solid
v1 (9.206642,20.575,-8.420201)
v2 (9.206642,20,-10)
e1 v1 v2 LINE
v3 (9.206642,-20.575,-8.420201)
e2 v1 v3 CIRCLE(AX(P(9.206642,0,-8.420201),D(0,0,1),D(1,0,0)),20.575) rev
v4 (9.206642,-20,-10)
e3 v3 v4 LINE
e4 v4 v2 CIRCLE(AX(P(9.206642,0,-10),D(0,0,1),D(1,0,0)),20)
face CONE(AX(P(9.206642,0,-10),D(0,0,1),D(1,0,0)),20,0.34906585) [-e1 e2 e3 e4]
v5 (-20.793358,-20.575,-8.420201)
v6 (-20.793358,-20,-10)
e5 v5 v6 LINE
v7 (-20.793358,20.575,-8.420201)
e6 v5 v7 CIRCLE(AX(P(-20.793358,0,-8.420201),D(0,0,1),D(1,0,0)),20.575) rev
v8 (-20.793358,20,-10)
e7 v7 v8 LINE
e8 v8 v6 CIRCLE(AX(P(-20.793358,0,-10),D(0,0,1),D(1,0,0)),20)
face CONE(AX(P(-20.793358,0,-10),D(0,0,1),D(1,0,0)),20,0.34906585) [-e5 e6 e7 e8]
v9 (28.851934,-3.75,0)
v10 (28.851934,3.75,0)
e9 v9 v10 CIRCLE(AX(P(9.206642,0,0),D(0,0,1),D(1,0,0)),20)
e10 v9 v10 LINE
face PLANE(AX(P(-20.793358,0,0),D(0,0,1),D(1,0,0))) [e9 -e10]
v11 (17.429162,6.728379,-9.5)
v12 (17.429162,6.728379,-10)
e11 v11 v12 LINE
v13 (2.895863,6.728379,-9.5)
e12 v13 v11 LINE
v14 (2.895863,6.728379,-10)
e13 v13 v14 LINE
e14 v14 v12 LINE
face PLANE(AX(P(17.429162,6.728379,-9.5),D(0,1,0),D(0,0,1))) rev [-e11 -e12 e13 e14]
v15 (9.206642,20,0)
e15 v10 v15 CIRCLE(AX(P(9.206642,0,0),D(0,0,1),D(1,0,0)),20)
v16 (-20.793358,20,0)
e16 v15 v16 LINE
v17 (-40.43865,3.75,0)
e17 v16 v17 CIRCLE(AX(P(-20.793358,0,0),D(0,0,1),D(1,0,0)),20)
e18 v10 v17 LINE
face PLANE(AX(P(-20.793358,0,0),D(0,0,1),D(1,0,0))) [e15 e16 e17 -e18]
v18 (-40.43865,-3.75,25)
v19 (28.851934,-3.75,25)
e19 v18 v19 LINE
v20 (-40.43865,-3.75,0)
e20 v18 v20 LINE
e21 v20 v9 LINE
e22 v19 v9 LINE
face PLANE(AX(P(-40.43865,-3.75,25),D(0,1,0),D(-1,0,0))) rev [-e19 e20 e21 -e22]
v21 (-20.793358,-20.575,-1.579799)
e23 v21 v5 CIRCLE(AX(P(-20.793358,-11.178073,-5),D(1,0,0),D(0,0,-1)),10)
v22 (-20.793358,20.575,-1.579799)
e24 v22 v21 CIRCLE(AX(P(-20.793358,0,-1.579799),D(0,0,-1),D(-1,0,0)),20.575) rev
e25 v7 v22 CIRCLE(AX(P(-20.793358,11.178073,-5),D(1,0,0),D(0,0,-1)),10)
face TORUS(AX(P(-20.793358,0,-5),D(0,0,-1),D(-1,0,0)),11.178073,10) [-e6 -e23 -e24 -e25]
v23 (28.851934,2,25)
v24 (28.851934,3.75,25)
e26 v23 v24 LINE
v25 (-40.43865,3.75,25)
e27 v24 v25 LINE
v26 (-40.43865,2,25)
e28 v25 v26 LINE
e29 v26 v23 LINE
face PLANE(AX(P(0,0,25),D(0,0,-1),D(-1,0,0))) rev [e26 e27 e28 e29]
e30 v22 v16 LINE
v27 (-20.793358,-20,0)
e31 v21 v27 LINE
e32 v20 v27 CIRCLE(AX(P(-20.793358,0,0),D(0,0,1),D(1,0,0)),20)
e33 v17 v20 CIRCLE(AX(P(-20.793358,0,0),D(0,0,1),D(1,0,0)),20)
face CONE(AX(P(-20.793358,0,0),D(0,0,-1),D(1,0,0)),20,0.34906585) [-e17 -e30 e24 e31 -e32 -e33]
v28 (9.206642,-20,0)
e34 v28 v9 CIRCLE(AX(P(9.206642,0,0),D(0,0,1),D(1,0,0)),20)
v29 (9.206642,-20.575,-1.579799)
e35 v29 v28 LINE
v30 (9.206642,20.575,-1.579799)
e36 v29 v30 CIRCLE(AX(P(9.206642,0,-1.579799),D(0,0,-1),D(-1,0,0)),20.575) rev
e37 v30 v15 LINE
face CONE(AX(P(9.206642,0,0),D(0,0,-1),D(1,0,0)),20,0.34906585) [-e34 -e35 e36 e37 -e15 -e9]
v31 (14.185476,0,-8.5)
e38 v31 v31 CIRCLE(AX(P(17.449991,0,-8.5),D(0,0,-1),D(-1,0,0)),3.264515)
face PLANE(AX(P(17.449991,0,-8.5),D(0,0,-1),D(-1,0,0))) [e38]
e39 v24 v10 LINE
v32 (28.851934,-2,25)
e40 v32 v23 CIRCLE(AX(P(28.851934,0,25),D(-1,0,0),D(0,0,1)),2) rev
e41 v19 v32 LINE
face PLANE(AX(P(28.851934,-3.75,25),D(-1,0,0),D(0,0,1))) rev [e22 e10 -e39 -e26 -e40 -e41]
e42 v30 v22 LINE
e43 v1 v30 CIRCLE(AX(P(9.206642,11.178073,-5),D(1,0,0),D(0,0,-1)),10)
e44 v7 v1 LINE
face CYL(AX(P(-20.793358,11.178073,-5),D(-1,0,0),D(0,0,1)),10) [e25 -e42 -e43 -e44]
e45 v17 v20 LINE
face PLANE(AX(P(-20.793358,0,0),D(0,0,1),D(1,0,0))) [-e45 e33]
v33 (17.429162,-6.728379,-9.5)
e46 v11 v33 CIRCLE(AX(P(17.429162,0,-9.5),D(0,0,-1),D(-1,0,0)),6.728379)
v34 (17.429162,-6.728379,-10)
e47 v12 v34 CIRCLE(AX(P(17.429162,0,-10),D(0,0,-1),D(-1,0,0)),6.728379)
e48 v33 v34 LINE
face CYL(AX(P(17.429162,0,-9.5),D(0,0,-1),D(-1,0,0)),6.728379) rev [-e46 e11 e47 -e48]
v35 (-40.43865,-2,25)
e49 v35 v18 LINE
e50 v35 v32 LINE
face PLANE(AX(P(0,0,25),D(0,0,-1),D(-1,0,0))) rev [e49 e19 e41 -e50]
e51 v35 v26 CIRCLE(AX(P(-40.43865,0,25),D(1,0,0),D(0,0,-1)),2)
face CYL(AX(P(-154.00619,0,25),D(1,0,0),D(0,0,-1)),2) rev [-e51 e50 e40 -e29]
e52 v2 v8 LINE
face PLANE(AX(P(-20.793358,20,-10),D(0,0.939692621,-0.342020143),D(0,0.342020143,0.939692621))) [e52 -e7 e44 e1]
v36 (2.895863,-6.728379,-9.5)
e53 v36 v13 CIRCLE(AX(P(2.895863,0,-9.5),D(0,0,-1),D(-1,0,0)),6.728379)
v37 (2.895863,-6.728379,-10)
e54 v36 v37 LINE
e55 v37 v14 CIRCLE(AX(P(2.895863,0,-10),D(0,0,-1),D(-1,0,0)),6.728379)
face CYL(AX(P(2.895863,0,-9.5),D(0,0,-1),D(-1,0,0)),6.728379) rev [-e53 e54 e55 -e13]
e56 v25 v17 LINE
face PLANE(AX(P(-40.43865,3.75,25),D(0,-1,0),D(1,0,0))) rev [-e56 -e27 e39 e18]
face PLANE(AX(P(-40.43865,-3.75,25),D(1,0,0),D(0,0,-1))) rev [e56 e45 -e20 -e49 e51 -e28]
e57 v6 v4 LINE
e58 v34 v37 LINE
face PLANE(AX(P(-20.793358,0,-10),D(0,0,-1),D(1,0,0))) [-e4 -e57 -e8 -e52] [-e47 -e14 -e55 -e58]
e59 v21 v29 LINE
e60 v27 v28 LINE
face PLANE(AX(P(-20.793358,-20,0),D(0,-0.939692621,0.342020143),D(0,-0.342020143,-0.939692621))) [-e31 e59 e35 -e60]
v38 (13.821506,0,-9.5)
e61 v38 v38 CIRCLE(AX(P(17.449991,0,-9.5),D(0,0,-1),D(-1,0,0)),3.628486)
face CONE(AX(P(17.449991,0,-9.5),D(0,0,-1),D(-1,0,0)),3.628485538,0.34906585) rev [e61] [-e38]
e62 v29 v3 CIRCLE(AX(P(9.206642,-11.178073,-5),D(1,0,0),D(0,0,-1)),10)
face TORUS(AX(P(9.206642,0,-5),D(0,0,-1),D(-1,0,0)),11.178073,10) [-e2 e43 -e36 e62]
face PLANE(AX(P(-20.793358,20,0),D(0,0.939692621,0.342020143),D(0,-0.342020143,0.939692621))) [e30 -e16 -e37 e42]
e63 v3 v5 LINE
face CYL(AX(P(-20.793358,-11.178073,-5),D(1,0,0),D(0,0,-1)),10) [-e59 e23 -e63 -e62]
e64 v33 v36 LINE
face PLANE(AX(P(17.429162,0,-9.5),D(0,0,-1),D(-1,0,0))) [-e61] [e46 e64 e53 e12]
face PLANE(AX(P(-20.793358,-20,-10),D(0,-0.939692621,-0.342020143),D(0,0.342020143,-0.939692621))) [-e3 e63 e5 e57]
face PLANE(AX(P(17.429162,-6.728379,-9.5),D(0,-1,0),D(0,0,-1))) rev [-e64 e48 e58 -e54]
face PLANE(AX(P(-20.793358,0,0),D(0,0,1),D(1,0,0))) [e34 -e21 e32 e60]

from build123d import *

# Parameters (mm, degrees)
BOSS_EXTRUDE1_DEPTH     = 5
BOSS_EXTRUDE1_DRAFT     = 20
MIRROR1_COPY_1_DEPTH    = 5
MIRROR1_COPY_1_DRAFT    = 20
FILLET1_R               = 10
CUT_EXTRUDE1_DEPTH      = 0.5
SKETCH3_R               = 3.628485538
CUT_EXTRUDE2_DEPTH      = 1
CUT_EXTRUDE2_DRAFT      = -20
SKETCH4_W               = 69.290584113
SKETCH4_H               = 7.5
BOSS_EXTRUDE2_DEPTH     = 25
CUT_EXTRUDE3_DEPTH      = 79.012436871
CUT_EXTRUDE3_DEPTH_BACK = 70


with BuildPart() as part:
    # Sketch1 → Boss-Extrude1 (with draft: the straight prism first)
    with BuildSketch(Plane.XY):
        with BuildLine():
            ThreePointArc((-20.793357934, 20), (-40.793357934, 0), (-20.793357934, -20))
            Line((-20.793357934, -20), (9.206642066, -20))
            ThreePointArc((9.206642066, -20), (29.206642066, 0), (9.206642066, 20))
            Line((9.206642066, 20), (-20.793357934, 20))
        make_face()
    extrude(amount=-BOSS_EXTRUDE1_DEPTH)
    # Boss-Extrude1: the draft: its side faces are tilted about the plane it starts from
    boss_extrude1_sides = [part.faces().sort_by_distance(p)[0] for p in [
        (-5.793357934, -20, -2.5),
        (29.206642066, 0, -2.5),
        (-5.793357934, 20, -2.5),
        (-40.793357934, 0, -2.5),
    ]]
    draft(boss_extrude1_sides, Plane.XY, BOSS_EXTRUDE1_DRAFT)


with BuildPart() as mirror1_copy_1_tool:
    # Mirror1 copy 1 sketch → Mirror1 copy 1 (with draft: the straight prism first)
    with BuildSketch(Plane(origin=(0, 0, -10), x_dir=(1, 0, 0), z_dir=(0, 0, -1))):
        with BuildLine():
            ThreePointArc((-20.793357934, -20), (-40.793357934, 0), (-20.793357934, 20))
            Line((-20.793357934, 20), (9.206642066, 20))
            ThreePointArc((9.206642066, 20), (29.206642066, 0), (9.206642066, -20))
            Line((9.206642066, -20), (-20.793357934, -20))
        make_face()
    extrude(amount=-MIRROR1_COPY_1_DEPTH)
    # Mirror1 copy 1: the draft: its side faces are tilted about the plane it starts from
    mirror1_copy_1_sides = [mirror1_copy_1_tool.faces().sort_by_distance(p)[0] for p in [
        (-5.793357934, -20, -7.5),
        (29.206642066, 0, -7.5),
        (-5.793357934, 20, -7.5),
        (-40.793357934, 0, -7.5),
    ]]
    draft(mirror1_copy_1_sides, Plane(origin=(0, 0, -10), x_dir=(1, 0, 0), z_dir=(0, 0, -1)), MIRROR1_COPY_1_DRAFT)


with BuildPart() as part_1:
    add(part.part)

    # Mirror1 copy 1: add mirror1_copy_1_tool
    add(mirror1_copy_1_tool.part)

    # Fillet1
    fillet1_edges = [part_1.edges().sort_by_distance(p)[0] for p in [
        (31.026493238, 0, -5),
        (-5.793357934, 21.819851171, -5),
        (-42.613209105, 0, -5),
        (-5.793357934, -21.819851171, -5),
    ]]
    fillet(fillet1_edges, radius=FILLET1_R)

    # Sketch2 → Cut-Extrude1 (cut)
    with BuildSketch(Plane(origin=(0, 0, -10), x_dir=(-1, 0, 0), z_dir=(0, 0, -1))):
        with BuildLine():
            Line((-17.429161642, 6.728379016), (-2.895862967, 6.728379016))
            ThreePointArc((-2.895862967, 6.728379016), (3.832516049, 0), (-2.895862967, -6.728379016))
            Line((-2.895862967, -6.728379016), (-17.429161642, -6.728379016))
            ThreePointArc((-17.429161642, -6.728379016), (-24.157540659, 0), (-17.429161642, 6.728379016))
        make_face()
    extrude(amount=-CUT_EXTRUDE1_DEPTH, mode=Mode.SUBTRACT)


with BuildPart() as cut_extrude2_tool:
    # Sketch3 → Cut-Extrude2 (with draft: the straight prism first)
    with BuildSketch(Plane(origin=(0, 0, -9.5), x_dir=(-1, 0, 0), z_dir=(0, 0, -1))):
        with Locations((-17.44999147, 0)):
            Circle(SKETCH3_R)
    extrude(amount=-CUT_EXTRUDE2_DEPTH)
    # Cut-Extrude2: the draft: its side faces are tilted about the plane it starts from
    cut_extrude2_sides = [cut_extrude2_tool.faces().sort_by_distance(p)[0] for p in [
        (21.078477008, 0, -9),
    ]]
    draft(cut_extrude2_sides, Plane(origin=(0, 0, -9.5), x_dir=(-1, 0, 0), z_dir=(0, 0, -1)), CUT_EXTRUDE2_DRAFT)


with BuildPart() as part_2:
    add(part_1.part)

    # Cut-Extrude2: cut by cut_extrude2_tool
    add(cut_extrude2_tool.part, mode=Mode.SUBTRACT)

    # Sketch4 → Boss-Extrude2 (add)
    with BuildSketch(Plane.XY):
        with Locations((-5.793357933, 0)):
            Rectangle(SKETCH4_W, SKETCH4_H)
    extrude(amount=BOSS_EXTRUDE2_DEPTH)

    # Sketch5 → Cut-Extrude3 (cut, two sides: drawn at the far end of the back side and taken through both)
    with BuildSketch(Plane.ZY.offset(40.43864999).offset(-CUT_EXTRUDE3_DEPTH_BACK)):
        with BuildLine():
            Line((118.957682206, 2), (25, 2))
            ThreePointArc((25, 2), (23, 0), (25, -2))
            Line((25, -2), (118.957682206, -2))
            Line((118.957682206, -2), (306.873046617, -2))
            Line((306.873046617, -2), (306.873046617, 2))
            Line((306.873046617, 2), (118.957682206, 2))
        make_face()
    extrude(amount=CUT_EXTRUDE3_DEPTH + CUT_EXTRUDE3_DEPTH_BACK, mode=Mode.SUBTRACT)


solid = part_2.part
